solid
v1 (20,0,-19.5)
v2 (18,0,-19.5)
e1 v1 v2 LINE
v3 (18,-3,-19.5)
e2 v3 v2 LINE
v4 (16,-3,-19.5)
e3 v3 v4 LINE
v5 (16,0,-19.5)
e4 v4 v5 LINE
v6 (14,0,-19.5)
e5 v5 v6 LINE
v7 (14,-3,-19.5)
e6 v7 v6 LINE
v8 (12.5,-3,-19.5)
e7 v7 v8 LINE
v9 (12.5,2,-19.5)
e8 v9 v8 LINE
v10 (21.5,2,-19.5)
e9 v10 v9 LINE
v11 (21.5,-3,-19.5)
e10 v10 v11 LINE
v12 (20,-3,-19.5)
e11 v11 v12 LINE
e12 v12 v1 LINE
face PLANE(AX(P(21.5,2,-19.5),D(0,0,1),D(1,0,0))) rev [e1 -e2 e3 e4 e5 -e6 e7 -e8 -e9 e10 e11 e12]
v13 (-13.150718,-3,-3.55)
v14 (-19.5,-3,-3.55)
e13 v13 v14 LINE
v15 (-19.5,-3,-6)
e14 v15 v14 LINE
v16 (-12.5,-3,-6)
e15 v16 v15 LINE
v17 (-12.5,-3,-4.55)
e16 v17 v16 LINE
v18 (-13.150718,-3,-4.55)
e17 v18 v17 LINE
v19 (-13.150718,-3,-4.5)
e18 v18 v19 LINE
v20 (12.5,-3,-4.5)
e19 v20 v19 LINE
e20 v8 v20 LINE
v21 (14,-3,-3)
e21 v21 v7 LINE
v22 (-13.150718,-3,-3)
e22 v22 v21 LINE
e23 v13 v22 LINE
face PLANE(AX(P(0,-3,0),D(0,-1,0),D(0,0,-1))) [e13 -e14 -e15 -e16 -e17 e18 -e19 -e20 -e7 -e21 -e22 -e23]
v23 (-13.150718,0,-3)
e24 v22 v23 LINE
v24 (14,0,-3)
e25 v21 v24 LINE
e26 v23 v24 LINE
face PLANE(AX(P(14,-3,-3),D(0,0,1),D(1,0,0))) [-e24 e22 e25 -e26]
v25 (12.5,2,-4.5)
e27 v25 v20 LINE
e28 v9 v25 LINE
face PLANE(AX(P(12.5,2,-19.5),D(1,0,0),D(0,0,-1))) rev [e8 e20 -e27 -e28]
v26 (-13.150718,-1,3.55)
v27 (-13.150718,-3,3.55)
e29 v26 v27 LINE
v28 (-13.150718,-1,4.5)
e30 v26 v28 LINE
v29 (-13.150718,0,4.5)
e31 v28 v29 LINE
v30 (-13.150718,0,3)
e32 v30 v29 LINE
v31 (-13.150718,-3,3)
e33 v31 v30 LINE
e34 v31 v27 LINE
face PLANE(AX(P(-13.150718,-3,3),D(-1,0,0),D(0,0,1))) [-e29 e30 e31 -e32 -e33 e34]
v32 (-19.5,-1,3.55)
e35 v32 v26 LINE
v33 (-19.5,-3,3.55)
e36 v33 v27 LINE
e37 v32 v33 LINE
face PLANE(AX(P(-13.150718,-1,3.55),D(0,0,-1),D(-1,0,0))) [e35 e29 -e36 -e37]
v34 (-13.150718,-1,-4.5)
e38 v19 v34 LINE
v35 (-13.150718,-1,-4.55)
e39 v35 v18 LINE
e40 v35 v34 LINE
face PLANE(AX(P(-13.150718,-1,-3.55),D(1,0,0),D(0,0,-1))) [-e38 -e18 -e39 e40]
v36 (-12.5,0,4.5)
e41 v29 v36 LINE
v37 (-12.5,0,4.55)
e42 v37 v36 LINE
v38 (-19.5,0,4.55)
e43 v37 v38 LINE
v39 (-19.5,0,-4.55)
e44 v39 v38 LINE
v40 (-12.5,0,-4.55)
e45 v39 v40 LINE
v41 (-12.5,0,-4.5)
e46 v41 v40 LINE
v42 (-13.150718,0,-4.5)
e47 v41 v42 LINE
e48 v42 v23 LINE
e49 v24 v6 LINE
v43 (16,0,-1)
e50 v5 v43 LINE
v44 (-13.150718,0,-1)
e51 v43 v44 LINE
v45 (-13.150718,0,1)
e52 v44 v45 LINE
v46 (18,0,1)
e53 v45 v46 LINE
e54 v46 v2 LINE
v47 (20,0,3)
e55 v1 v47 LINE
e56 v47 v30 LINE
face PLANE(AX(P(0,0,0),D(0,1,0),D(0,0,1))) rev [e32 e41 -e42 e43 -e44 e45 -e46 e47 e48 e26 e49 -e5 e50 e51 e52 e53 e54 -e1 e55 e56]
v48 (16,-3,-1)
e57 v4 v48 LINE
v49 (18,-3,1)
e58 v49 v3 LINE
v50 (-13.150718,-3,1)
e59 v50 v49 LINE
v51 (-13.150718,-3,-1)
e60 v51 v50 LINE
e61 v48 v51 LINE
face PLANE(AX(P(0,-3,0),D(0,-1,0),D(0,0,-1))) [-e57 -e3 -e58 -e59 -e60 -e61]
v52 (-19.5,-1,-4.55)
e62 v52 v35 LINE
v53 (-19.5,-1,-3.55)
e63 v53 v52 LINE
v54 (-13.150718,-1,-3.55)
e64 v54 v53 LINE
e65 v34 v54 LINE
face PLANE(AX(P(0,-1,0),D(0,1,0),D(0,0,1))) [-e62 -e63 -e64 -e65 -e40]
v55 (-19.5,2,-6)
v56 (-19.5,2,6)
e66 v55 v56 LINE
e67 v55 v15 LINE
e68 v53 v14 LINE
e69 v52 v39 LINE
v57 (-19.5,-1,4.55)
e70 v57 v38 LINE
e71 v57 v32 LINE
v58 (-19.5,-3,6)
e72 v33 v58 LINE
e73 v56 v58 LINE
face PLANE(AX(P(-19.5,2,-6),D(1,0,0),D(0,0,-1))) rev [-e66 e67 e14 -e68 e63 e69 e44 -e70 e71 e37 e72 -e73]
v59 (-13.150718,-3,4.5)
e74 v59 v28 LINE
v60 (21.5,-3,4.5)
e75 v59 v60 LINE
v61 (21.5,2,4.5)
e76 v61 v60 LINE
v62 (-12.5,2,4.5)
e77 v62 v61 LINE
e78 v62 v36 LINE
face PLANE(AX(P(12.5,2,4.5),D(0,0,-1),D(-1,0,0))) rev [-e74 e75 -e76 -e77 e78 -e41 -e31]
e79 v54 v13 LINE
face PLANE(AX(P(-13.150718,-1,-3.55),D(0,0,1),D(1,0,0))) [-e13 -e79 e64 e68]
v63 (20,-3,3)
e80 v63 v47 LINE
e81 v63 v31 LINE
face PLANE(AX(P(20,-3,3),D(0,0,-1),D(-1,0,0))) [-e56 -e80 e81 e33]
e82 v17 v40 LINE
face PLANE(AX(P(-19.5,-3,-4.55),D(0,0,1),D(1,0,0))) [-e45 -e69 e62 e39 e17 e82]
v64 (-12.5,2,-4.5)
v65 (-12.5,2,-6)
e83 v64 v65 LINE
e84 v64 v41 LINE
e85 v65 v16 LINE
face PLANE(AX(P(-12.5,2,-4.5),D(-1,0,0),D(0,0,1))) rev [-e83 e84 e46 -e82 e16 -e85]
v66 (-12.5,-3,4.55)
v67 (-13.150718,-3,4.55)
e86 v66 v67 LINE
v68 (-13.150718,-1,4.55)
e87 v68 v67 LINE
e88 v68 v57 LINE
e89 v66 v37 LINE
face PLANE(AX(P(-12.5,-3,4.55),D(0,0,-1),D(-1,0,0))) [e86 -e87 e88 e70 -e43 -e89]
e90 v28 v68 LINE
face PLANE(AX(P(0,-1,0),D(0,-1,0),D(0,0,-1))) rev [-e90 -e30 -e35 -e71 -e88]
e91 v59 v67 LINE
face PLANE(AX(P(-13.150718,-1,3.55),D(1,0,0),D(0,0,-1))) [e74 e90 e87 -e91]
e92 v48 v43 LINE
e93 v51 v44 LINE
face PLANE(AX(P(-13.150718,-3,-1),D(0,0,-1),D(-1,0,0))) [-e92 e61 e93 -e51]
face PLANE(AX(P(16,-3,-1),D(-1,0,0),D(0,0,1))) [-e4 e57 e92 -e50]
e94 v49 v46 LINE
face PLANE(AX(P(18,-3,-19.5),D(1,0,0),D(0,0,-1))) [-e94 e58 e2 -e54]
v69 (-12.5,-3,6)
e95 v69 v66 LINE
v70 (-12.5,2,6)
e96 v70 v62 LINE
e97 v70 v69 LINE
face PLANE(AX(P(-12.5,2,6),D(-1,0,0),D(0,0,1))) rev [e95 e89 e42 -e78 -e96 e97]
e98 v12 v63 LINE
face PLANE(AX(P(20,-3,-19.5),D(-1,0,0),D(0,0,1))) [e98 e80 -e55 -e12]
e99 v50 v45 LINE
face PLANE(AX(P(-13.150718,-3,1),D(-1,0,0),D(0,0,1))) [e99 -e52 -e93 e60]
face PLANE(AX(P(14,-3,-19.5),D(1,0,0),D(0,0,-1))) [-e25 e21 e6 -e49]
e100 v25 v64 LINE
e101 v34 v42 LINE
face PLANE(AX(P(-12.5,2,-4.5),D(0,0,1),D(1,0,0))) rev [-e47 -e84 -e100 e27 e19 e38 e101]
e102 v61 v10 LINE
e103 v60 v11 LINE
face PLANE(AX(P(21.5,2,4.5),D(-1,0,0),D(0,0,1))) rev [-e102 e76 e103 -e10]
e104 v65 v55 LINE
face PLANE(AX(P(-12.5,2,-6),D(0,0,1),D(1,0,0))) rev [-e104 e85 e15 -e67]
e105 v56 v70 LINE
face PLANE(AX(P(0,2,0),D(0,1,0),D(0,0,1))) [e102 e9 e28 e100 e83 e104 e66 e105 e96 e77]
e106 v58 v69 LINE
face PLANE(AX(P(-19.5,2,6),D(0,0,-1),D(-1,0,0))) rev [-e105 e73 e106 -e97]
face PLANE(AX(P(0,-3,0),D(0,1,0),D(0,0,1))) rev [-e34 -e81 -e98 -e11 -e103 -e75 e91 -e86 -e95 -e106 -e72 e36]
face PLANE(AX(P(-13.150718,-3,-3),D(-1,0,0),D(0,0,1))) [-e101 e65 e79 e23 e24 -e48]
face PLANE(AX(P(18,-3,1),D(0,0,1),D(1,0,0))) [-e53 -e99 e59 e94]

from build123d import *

# Parameters (mm, degrees)
BOSS_EXTRUDE1_DEPTH = 2
SKETCH2_W           = 7
SKETCH2_H           = 1.45
BOSS_EXTRUDE2_DEPTH = 3
SKETCH3_W           = 6.349281592
SKETCH3_H           = 1
BOSS_EXTRUDE3_DEPTH = 2


with BuildPart() as part:
    # Sketch1 → Boss-Extrude1 (new body)
    with BuildSketch(Plane(origin=(0, 0, 0), x_dir=(1, 0, 0), z_dir=(0, 1, 0))):
        Polygon((12.5, -4.5), (21.5, -4.5), (21.5, 19.5), (12.5, 19.5), (12.5, 4.5), (-12.5, 4.5), (-12.5, 6), (-19.5, 6), (-19.5, -6), (-12.5, -6), (-12.5, -4.5), align=None)
    extrude(amount=BOSS_EXTRUDE1_DEPTH)

    # Sketch2 → Boss-Extrude2 (add)
    with BuildSketch(Plane(origin=(0, 0, 0), x_dir=(1, 0, 0), z_dir=(0, 1, 0))):
        Polygon((-13.150718408, 4.5), (12.5, 4.5), (12.5, 19.5), (14, 19.5), (14, 3), (-13.150718408, 3), align=None)
        Polygon((20, 19.5), (20, -3), (-13.150718408, -3), (-13.150718408, -4.5), (21.5, -4.5), (21.5, 19.5), align=None)
        Polygon((-13.150718408, 1), (16, 1), (16, 19.5), (18, 19.5), (18, -1), (-13.150718408, -1), align=None)
        with Locations((-16, 5.275)):
            Rectangle(SKETCH2_W, SKETCH2_H)
        with Locations((-16, -5.275)):
            Rectangle(SKETCH2_W, SKETCH2_H)
    extrude(amount=-BOSS_EXTRUDE2_DEPTH)

    # Sketch3 → Boss-Extrude3 (add)
    with BuildSketch(Plane.XZ.offset(3)):
        with Locations((-16.325359204, 4.05)):
            Rectangle(SKETCH3_W, SKETCH3_H)
        with Locations((-16.325359204, -4.05)):
            Rectangle(SKETCH3_W, SKETCH3_H)
    extrude(amount=-BOSS_EXTRUDE3_DEPTH)


solid = part.part
